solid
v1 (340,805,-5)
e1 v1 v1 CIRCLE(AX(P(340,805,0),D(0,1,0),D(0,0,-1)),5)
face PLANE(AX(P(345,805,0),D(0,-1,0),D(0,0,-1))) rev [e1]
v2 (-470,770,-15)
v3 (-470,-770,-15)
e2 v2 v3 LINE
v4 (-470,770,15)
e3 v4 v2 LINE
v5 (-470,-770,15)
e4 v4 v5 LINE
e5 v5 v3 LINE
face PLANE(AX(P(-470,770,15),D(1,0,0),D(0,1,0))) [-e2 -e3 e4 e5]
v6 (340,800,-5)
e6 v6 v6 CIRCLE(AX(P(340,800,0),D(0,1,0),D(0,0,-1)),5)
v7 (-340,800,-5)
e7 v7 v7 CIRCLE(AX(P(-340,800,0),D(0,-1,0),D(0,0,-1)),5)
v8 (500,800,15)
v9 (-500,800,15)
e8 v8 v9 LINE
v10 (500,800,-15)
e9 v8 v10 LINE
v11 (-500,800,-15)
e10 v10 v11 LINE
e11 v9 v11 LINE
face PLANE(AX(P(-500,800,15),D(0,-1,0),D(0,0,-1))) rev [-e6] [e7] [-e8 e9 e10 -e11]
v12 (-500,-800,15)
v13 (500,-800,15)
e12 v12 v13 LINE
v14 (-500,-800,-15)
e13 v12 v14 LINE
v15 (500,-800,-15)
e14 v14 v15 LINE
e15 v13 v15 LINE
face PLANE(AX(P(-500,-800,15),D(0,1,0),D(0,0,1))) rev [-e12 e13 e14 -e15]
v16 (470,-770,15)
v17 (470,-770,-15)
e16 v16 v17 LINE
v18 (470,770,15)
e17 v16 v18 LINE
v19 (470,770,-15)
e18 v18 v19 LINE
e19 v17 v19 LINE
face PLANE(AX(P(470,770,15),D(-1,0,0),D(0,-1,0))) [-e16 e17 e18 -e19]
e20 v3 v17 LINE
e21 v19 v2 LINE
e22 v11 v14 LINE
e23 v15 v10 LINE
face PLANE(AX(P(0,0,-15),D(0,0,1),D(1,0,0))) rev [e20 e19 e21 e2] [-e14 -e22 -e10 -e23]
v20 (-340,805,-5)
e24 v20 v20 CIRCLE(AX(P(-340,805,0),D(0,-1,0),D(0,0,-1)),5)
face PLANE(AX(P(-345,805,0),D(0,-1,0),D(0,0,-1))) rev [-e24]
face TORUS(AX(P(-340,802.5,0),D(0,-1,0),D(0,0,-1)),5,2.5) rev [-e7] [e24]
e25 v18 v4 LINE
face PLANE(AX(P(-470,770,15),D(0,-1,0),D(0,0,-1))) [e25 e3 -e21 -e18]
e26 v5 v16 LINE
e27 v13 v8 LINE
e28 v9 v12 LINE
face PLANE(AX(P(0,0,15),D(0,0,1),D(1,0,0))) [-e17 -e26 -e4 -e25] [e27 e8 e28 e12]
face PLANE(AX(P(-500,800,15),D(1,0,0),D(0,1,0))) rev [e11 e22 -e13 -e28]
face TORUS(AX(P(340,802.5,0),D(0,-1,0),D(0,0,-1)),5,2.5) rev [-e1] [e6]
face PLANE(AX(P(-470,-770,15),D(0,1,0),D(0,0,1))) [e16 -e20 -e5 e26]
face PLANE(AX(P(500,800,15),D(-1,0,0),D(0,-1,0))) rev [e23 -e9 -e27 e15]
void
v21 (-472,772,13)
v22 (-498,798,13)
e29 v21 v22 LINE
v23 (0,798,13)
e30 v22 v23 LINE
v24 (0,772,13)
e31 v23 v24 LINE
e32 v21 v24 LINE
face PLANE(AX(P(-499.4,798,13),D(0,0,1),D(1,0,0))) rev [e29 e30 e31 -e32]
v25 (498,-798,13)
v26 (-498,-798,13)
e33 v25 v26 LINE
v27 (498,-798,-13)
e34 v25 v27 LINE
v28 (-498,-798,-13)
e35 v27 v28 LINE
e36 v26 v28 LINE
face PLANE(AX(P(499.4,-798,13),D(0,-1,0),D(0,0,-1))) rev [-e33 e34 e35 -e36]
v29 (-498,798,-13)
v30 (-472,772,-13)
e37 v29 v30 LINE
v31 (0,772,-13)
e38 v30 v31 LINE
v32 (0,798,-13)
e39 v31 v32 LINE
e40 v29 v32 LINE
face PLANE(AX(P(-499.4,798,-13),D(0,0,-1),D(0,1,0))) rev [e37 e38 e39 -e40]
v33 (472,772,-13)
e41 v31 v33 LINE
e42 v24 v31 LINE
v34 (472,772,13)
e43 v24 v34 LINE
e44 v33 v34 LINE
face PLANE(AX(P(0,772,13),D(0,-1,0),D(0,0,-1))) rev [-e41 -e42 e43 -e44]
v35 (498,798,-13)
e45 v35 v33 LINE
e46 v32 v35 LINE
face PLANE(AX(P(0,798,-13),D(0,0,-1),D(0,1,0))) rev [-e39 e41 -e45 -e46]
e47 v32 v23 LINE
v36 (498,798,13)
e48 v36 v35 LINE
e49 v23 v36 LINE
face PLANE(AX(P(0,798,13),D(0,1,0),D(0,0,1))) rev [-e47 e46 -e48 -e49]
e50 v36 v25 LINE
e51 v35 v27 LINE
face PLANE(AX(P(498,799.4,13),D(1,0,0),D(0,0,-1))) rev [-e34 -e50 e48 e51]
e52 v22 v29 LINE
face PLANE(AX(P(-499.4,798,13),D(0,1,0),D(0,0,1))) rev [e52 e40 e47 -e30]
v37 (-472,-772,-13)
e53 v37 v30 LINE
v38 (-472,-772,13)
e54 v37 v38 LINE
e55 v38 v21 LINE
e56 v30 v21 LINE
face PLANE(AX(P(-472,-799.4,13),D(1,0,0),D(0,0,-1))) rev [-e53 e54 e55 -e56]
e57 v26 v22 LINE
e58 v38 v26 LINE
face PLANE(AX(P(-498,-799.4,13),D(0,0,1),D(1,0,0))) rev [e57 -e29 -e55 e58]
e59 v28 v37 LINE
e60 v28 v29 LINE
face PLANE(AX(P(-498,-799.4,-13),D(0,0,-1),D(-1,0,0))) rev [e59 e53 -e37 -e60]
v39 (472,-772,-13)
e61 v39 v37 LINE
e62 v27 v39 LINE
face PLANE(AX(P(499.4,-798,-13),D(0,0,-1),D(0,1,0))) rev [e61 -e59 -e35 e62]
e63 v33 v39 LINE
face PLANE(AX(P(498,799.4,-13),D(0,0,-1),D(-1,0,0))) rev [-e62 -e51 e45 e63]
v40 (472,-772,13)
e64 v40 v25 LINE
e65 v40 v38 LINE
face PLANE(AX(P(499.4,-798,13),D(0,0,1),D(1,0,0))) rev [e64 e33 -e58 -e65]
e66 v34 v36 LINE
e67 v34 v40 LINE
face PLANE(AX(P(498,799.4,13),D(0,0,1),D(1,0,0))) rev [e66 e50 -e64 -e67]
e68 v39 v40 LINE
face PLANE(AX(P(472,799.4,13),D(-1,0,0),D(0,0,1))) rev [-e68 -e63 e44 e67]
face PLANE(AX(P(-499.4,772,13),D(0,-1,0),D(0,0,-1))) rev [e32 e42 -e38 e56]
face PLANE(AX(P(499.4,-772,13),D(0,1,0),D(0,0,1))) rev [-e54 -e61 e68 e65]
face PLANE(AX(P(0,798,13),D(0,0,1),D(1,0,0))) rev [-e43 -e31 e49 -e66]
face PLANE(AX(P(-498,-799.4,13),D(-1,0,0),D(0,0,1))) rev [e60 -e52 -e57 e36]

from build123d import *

# Parameters (mm, degrees)
SKETCH1_W           = 1000
SKETCH1_H           = 1600
SKETCH1_W_2         = 940
SKETCH1_H_2         = 1540
BOSS_EXTRUDE1_DEPTH = 15
SKETCH2_W           = 26
SKETCH2_H           = 26


with BuildPart() as part:
    # Sketch1 → Boss-Extrude1 (new body, symmetric)
    with BuildSketch(Plane.XY):
        Rectangle(SKETCH1_W, SKETCH1_H)
        Rectangle(SKETCH1_W_2, SKETCH1_H_2, mode=Mode.SUBTRACT)
    extrude(amount=BOSS_EXTRUDE1_DEPTH, both=True)

    # Cut-Sweep1: sweep along a path in Sketch4
    with BuildLine(Plane.XY) as cut_sweep1_path:
        Line((-485, 785), (-485, -785))
        Line((-485, -785), (485, -785))
        Line((485, -785), (485, 785))
        Line((485, 785), (-485, 785))
    # Sketch2 → Cut-Sweep1 (sweep, cut)
    with BuildSketch(Plane(origin=(0, 0, 0), x_dir=(0, 0, -1), z_dir=(1, 0, 0))):
        with Locations((0, 785)):
            Rectangle(SKETCH2_W, SKETCH2_H)
    sweep(path=cut_sweep1_path.line, transition=Transition.RIGHT, mode=Mode.SUBTRACT)

    # Sketch7 → Revolve1 (revolve)
    with BuildSketch(Plane.XY):
        with BuildLine():
            Line((-340, 800), (-340, 805))
            Line((-340, 805), (-345, 805))
            ThreePointArc((-345, 805), (-342.5, 802.5), (-345, 800))
            Line((-345, 800), (-340, 800))
        make_face()
    revolve1 = revolve(axis=Axis((-340, 795.104340353, 0), (0, 1, 0)))

    # Mirror1: Revolve1 across plane
    add(revolve1.mirror(Plane(origin=(0, 0, 0), x_dir=(0, 0, 1), z_dir=(1, 0, 0))))


solid = part.part
